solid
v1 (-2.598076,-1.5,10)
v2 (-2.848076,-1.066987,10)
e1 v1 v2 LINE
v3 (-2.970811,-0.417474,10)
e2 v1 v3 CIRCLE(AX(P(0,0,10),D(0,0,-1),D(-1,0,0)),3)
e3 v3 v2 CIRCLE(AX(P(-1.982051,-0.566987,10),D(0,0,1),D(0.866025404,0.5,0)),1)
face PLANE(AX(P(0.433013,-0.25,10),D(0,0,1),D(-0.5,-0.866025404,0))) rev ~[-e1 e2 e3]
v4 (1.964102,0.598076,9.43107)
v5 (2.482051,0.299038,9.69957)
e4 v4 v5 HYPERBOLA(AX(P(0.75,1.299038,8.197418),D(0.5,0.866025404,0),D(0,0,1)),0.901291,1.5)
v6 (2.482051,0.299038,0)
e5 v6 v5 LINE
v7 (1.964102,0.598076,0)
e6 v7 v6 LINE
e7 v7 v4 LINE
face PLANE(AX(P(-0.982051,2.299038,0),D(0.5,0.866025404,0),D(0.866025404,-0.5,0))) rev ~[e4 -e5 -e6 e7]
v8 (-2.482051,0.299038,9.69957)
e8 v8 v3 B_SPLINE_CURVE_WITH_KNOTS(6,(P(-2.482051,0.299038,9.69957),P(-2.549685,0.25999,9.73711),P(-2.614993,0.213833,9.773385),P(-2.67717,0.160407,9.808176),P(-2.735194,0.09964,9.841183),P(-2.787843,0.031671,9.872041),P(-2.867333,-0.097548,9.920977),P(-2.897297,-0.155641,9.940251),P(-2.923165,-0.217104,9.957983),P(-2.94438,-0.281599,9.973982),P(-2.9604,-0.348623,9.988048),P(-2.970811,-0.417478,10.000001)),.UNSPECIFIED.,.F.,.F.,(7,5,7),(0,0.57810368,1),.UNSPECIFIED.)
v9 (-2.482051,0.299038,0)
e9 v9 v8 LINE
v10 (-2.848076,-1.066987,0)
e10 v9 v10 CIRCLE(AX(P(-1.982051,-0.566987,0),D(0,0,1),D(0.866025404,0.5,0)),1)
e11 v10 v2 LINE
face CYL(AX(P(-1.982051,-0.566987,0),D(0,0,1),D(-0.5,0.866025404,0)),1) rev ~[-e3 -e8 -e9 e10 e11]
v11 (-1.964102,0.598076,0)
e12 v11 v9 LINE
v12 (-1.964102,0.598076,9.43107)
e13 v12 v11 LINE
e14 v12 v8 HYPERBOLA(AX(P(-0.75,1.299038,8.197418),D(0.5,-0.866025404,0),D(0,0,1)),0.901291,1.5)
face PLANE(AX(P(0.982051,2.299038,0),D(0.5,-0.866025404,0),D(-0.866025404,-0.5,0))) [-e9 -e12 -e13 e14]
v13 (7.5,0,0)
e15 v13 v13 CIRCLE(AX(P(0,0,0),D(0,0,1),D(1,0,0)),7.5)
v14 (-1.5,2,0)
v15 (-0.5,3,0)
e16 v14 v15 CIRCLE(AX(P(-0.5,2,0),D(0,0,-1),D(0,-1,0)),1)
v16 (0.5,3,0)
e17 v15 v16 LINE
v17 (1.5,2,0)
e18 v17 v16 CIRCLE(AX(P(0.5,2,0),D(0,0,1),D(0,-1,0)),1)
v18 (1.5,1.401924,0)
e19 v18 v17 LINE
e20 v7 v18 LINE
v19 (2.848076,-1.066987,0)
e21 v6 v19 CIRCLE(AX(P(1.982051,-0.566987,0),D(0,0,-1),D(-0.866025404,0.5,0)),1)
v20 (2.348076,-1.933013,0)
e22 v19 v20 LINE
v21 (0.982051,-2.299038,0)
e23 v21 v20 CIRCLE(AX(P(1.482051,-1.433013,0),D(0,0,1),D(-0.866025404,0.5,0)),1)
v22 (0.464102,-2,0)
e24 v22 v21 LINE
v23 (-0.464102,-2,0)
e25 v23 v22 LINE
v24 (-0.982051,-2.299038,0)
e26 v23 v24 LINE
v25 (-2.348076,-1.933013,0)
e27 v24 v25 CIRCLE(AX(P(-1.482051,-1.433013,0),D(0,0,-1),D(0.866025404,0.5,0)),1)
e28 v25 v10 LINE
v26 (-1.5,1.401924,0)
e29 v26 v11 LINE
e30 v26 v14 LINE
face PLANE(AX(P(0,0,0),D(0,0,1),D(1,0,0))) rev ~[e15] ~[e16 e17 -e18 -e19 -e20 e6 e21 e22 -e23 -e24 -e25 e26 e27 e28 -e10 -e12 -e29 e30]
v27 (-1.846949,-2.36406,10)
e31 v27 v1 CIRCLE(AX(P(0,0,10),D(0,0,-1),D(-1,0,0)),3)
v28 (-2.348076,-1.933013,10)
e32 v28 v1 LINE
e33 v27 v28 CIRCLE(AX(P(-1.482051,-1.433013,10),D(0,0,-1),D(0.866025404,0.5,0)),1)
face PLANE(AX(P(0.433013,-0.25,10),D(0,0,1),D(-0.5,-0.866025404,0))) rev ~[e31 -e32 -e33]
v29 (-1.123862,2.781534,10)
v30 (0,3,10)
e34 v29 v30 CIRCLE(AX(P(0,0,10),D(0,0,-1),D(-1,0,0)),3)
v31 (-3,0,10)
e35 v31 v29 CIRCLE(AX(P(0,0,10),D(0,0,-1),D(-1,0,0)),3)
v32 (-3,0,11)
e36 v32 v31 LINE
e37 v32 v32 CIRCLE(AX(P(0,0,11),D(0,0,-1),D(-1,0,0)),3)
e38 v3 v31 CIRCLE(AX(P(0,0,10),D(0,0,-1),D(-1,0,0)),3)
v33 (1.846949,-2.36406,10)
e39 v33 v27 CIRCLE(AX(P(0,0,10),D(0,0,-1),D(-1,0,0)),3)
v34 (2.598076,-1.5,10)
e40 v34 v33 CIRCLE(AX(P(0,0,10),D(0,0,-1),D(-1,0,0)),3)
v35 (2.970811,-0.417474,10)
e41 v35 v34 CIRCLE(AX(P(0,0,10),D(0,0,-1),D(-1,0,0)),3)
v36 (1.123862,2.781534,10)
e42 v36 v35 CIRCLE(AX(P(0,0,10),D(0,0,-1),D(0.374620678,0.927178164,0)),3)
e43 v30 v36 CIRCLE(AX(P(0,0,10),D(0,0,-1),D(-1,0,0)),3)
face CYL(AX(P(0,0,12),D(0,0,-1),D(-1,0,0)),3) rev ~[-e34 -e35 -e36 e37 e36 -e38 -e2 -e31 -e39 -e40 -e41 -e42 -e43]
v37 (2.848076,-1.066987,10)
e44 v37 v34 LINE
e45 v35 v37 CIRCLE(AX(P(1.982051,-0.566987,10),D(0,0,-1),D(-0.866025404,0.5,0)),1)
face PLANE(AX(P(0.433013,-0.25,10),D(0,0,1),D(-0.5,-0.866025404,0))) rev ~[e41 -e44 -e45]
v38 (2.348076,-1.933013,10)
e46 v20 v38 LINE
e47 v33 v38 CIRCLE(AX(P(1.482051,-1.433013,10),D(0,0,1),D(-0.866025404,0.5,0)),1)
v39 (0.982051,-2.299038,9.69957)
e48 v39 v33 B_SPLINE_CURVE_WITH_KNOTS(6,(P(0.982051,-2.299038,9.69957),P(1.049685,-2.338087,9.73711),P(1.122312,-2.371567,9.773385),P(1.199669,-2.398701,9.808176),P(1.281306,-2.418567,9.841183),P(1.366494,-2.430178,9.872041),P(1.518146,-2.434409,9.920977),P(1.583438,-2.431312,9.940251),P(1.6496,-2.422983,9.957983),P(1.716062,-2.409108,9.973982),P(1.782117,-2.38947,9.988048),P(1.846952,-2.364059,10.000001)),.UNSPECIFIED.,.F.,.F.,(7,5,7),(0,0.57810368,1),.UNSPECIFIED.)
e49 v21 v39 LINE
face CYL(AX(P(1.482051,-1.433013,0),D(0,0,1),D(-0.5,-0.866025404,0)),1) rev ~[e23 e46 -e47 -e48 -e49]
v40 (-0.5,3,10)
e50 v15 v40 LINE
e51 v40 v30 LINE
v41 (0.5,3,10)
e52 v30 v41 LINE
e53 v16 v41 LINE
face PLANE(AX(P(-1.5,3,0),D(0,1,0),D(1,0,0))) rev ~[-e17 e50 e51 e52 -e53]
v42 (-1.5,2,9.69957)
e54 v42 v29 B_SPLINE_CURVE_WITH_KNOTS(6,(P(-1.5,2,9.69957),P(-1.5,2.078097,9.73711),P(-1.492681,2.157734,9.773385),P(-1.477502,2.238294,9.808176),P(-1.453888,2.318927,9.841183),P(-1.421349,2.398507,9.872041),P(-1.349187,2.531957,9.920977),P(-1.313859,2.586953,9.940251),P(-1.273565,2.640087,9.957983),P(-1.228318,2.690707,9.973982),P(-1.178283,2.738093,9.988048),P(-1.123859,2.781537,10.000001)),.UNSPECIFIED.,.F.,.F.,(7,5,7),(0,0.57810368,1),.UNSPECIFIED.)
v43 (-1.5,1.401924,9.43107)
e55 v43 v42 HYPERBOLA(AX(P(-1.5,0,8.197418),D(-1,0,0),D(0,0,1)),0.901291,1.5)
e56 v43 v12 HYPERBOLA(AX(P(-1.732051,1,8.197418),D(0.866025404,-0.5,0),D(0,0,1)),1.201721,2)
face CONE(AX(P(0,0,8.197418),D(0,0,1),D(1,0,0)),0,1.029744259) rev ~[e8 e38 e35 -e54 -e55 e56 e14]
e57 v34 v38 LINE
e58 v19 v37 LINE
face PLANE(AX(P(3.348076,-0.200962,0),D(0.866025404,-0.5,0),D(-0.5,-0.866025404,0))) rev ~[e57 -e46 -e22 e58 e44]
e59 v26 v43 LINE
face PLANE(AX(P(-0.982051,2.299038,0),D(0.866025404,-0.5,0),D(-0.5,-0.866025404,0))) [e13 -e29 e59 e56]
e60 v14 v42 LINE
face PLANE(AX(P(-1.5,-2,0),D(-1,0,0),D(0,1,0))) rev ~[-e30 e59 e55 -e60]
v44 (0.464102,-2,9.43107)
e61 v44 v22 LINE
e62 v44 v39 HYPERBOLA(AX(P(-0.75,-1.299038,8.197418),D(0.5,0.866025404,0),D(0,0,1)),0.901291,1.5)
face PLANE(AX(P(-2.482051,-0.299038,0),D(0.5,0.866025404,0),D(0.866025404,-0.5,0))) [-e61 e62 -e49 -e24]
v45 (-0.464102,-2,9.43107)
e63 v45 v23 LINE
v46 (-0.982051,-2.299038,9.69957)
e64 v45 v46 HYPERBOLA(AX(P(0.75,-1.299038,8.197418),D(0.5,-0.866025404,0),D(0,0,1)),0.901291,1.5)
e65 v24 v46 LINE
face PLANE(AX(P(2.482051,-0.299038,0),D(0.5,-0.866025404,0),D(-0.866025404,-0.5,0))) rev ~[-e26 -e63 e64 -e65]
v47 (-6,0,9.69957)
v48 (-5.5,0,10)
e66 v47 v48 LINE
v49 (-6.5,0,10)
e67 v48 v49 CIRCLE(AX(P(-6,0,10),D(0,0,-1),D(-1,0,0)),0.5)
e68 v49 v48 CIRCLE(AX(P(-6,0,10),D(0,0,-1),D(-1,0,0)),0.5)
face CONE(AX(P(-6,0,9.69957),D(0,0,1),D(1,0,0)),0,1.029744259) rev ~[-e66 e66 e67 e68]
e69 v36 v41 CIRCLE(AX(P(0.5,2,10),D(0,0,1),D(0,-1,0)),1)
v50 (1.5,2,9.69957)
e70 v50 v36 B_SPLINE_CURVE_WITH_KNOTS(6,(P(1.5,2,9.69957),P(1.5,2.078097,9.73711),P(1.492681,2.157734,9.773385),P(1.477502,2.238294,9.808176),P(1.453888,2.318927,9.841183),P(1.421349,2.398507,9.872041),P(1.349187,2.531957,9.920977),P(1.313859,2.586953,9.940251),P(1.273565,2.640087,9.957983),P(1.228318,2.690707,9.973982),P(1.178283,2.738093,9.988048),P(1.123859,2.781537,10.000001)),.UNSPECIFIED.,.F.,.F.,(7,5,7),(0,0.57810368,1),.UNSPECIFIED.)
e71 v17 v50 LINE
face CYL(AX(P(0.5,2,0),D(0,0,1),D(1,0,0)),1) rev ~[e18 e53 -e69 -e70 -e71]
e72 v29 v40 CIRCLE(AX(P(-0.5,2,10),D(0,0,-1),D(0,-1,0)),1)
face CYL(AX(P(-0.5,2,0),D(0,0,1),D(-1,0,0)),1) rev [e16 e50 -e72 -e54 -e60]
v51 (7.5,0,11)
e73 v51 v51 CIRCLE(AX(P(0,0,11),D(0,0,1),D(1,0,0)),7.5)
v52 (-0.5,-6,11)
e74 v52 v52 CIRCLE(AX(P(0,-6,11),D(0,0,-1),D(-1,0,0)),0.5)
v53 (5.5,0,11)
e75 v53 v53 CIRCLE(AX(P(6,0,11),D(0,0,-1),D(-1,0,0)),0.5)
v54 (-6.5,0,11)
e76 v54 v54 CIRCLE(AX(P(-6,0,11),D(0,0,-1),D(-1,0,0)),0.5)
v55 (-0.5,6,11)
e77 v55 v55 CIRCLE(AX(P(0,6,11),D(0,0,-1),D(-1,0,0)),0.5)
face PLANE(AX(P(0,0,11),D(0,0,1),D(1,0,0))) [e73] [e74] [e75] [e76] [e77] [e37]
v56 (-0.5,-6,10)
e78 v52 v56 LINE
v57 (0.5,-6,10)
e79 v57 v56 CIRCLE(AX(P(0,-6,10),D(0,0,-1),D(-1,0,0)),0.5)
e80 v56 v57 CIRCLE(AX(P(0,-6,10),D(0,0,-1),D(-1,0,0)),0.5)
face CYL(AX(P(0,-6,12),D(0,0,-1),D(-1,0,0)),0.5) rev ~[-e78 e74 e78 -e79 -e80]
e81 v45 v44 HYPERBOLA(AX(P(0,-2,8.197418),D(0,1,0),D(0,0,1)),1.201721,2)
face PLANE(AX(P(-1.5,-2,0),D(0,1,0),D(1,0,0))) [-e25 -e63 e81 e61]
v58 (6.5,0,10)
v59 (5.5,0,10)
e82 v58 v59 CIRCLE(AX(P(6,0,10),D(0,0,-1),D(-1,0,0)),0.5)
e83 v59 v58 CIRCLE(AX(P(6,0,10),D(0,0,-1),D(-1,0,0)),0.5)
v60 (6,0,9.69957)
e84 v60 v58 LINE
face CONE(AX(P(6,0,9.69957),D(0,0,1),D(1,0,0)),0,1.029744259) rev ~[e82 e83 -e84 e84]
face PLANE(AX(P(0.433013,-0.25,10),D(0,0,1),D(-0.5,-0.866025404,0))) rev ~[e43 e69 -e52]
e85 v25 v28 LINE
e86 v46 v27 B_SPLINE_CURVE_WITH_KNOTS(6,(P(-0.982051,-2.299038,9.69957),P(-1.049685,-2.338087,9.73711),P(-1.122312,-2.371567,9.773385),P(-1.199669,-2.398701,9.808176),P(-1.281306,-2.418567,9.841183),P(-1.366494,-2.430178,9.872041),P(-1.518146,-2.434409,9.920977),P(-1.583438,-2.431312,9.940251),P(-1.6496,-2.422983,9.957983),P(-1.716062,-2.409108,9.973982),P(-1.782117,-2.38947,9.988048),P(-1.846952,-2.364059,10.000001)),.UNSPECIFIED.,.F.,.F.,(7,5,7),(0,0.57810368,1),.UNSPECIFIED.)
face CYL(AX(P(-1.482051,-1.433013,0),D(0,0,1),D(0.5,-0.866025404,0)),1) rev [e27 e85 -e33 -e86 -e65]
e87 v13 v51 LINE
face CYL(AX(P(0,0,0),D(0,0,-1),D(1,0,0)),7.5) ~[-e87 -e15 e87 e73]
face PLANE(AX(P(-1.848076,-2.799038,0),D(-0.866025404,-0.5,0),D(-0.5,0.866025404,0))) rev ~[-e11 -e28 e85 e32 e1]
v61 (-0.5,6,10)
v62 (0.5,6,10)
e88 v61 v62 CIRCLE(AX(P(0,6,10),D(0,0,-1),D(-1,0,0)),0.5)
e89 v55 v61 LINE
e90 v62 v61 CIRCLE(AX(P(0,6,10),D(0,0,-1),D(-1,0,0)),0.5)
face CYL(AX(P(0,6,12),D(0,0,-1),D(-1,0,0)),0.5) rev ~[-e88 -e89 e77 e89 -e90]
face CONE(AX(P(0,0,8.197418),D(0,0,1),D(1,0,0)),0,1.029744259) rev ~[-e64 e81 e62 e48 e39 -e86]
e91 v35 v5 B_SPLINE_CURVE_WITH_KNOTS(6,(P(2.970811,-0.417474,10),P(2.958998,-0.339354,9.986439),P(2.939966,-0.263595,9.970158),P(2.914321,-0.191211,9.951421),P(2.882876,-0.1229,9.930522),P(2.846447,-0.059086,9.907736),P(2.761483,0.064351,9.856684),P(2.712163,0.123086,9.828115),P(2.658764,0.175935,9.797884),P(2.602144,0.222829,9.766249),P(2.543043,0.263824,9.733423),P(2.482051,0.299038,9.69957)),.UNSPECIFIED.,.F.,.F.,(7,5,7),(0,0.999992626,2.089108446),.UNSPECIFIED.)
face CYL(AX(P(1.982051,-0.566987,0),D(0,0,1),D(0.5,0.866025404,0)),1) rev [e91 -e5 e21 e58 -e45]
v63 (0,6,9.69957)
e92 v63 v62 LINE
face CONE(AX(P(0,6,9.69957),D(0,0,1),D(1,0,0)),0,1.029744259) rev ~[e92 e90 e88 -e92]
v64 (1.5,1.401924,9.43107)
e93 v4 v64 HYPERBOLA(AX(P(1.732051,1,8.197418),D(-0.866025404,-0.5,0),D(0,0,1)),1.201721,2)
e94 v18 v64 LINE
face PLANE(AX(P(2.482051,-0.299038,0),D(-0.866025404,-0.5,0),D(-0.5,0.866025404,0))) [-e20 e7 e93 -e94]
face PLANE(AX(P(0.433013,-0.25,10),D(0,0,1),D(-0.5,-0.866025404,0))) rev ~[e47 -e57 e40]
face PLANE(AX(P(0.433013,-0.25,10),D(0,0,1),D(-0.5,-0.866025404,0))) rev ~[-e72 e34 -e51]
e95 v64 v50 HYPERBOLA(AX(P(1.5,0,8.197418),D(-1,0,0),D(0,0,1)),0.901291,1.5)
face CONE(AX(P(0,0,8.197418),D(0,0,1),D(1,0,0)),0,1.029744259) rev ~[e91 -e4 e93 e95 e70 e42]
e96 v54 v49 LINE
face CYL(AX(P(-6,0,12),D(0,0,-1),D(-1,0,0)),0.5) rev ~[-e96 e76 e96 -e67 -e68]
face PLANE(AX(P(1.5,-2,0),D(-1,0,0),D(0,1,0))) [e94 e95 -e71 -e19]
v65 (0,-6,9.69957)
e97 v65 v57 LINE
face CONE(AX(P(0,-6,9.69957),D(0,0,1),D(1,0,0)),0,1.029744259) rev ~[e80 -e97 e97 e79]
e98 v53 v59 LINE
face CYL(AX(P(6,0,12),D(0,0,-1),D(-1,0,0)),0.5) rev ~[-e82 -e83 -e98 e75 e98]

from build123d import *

# Parameters (mm, degrees)
F0_W      = 3
F0_H      = 5
F1_DEPTH  = 10
F2_R      = 1
F4_COUNT  = 3
F4_ANGLE  = 240
F5_R      = 7.5
F6_DEPTH  = 11
F9_D      = 1
F9_DEPTH  = 1
F9_TIP    = 0.3004303095
F10_D     = 6
F10_DEPTH = 1
F10_TIP   = 1.8025818571


with BuildPart() as f1:
    # F0 (on Top) → F1 (new body)
    with BuildSketch(Plane.XY):
        with Locations((0, 0.5)):
            Rectangle(F0_W, F0_H)
    extrude(amount=F1_DEPTH)

    # F2
    f2_edges = [f1.edges().sort_by_distance(p)[0] for p in [
        (-1.5, 3, 5),
        (1.5, 3, 5),
    ]]
    fillet(f2_edges, radius=F2_R)

    # F4: F1 ×3 about axis
    f4_axis = Axis((0, 0, 4.9742138945), (0, 0, -1))


with BuildPart() as f1_1:
    add(f1.part)
    for i in range(1, F4_COUNT):
        add(f1.part.rotate(f4_axis, i * F4_ANGLE / (F4_COUNT - 1)))


with BuildPart() as f6:
    # F5 (on Top) → F6 (new body)
    with BuildSketch(Plane.XY):
        Circle(F5_R)
    extrude(amount=F6_DEPTH)

    # F7: cut F1
    add(f1_1.part, mode=Mode.SUBTRACT)

    # F9
    with Locations(Plane.XY.offset(11)):
        with Locations((-6, 0), (6, 0), (0, 6), (0, -6)):
            Hole(F9_D / 2, depth=F9_DEPTH)
            with Locations((0, 0, -(F9_DEPTH + F9_TIP / 2))):  # 118° drill point
                Cone(0, F9_D / 2, F9_TIP, mode=Mode.SUBTRACT)

    # F10
    with Locations(Plane.XY.offset(11)):
        with Locations((0, 0)):
            Hole(F10_D / 2, depth=F10_DEPTH)
            with Locations((0, 0, -(F10_DEPTH + F10_TIP / 2))):  # 118° drill point
                Cone(0, F10_D / 2, F10_TIP, mode=Mode.SUBTRACT)


solid = f6.part
